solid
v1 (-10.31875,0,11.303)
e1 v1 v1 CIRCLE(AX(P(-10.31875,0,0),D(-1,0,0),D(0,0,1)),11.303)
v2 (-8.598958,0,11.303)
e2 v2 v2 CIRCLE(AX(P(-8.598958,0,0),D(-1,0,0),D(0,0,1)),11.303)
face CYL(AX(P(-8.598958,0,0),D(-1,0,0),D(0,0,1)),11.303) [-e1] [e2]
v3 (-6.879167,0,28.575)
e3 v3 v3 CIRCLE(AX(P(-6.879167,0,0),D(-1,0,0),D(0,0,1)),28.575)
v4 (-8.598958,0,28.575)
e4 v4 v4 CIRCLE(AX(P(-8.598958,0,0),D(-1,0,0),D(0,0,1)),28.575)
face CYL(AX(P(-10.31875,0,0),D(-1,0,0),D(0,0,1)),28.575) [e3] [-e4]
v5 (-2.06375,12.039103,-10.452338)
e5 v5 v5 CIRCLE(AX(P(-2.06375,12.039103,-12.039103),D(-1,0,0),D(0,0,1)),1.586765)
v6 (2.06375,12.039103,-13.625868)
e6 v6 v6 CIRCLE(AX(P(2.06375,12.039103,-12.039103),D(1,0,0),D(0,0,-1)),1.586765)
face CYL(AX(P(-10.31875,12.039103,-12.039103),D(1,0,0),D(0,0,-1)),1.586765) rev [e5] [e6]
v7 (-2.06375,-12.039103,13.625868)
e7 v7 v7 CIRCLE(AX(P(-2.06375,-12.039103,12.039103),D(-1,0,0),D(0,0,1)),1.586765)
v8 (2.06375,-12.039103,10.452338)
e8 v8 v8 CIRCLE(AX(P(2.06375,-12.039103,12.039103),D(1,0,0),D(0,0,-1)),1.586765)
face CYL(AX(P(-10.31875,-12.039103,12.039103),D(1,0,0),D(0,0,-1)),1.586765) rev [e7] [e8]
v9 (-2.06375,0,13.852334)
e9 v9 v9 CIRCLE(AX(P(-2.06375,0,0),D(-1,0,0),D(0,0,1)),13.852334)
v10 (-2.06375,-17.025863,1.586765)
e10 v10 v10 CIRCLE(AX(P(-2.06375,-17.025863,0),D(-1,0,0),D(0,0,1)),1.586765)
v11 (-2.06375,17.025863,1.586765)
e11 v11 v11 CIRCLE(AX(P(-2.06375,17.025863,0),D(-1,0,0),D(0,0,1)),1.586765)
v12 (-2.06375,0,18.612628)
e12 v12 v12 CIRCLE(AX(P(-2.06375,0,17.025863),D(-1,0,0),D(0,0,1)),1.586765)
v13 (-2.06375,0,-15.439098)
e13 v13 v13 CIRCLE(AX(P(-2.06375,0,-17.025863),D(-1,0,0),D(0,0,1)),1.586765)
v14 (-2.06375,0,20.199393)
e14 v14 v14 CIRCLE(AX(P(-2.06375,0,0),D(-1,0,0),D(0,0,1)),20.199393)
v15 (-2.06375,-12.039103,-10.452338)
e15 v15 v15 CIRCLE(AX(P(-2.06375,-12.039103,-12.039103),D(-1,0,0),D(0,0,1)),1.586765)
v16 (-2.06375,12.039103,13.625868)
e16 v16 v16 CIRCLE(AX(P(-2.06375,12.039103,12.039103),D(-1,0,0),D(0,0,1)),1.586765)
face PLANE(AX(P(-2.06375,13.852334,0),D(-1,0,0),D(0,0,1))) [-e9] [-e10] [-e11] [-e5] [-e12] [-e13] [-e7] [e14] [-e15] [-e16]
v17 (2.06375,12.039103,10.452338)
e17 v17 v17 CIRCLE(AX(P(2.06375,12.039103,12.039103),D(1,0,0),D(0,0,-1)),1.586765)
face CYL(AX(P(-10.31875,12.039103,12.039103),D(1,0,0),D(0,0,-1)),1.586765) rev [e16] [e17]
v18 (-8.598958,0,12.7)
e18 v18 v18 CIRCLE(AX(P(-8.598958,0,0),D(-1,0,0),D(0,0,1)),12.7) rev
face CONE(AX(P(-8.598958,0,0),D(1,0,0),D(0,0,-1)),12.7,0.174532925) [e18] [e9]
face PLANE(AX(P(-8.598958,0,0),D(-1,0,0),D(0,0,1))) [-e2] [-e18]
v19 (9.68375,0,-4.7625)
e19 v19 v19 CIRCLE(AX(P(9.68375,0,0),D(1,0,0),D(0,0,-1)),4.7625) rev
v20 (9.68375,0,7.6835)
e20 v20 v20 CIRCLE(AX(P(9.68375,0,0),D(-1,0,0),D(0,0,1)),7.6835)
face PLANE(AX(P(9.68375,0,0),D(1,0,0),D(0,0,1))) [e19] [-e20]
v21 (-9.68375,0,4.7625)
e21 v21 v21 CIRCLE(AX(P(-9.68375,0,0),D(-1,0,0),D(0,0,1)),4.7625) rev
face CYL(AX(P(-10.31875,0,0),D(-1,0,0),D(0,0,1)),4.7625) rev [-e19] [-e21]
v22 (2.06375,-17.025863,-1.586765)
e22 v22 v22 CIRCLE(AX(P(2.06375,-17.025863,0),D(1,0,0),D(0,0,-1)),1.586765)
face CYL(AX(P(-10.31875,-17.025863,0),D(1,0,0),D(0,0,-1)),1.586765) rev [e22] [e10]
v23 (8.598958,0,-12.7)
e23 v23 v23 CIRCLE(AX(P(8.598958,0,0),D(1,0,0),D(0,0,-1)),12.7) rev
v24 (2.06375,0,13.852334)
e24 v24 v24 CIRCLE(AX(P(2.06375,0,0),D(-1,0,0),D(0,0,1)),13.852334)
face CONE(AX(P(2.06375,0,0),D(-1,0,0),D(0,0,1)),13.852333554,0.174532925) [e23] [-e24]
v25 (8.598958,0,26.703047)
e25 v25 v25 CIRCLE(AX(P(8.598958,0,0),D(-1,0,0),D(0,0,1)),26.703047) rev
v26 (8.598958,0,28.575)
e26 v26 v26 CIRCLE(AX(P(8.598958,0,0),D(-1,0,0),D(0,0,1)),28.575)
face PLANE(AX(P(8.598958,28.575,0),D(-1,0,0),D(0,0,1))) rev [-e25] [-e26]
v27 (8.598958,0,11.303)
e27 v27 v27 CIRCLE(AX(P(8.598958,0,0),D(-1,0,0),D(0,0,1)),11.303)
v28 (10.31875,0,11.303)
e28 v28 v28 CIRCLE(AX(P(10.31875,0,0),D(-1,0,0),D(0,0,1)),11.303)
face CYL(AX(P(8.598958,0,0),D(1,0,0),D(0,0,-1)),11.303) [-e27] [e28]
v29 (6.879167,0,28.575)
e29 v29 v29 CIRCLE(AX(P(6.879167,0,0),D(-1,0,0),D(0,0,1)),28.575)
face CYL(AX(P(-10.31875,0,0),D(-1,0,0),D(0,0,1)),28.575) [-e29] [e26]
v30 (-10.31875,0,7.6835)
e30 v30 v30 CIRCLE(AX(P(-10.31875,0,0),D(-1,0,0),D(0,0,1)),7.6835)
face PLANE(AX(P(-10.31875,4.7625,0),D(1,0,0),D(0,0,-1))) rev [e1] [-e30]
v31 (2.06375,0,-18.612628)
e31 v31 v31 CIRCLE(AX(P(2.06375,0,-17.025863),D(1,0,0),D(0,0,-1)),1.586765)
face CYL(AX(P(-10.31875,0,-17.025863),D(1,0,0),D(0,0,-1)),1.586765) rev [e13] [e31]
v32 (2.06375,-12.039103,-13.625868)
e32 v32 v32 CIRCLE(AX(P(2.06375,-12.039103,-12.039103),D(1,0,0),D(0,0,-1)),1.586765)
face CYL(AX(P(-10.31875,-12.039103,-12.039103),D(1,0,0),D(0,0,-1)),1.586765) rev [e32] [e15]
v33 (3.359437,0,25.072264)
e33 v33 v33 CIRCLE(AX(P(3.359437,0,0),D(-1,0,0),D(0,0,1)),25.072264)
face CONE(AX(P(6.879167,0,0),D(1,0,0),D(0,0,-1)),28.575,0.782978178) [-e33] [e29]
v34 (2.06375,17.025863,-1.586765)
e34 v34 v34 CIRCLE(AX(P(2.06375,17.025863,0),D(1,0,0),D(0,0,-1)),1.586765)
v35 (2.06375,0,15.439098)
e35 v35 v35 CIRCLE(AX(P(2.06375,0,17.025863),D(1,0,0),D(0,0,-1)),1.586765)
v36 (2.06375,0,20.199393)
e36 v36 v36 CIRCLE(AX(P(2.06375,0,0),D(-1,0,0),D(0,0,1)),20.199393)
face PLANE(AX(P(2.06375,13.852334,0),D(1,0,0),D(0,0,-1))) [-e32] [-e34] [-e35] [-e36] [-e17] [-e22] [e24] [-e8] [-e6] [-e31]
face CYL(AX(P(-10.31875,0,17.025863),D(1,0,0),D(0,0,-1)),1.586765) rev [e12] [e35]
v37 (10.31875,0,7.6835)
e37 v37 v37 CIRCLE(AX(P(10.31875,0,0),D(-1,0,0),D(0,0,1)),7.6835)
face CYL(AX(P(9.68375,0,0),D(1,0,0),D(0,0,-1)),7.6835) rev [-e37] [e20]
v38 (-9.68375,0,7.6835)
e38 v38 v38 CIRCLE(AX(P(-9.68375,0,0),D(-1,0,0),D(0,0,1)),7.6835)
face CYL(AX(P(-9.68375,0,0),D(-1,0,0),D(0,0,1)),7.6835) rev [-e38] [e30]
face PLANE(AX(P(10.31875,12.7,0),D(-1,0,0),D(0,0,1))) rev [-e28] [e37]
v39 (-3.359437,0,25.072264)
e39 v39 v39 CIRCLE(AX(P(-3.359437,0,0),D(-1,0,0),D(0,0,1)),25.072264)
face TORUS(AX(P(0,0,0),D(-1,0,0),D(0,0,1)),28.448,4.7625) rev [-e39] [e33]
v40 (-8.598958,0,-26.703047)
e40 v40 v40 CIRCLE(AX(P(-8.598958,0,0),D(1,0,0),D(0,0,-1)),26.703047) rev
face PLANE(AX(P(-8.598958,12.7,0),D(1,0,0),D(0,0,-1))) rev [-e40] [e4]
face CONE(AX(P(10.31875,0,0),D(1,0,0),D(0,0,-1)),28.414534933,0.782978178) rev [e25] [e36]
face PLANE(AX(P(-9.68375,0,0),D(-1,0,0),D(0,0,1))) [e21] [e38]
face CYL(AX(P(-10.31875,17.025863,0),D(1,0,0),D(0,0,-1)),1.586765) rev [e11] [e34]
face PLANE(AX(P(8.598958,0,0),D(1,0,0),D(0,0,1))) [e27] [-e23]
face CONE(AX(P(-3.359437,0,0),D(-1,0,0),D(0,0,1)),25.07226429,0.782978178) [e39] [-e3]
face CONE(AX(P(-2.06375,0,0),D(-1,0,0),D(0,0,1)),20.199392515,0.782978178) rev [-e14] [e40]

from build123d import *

# Parameters (mm, degrees)
SKETCH3_R          = 1.58676474
CUT_EXTRUDE1_DEPTH = 42.707767281
CIRPATTERN1_COUNT  = 8
SKETCH4_R          = 14.605
SKETCH4_R_2        = 11.303
CUT_EXTRUDE2_DEPTH = 1.719791667
SKETCH5_R          = 7.6835
CUT_EXTRUDE3_DEPTH = 0.635


with BuildPart() as part:
    # Sketch1 → Revolve1 (revolve)
    with BuildSketch(Plane.XY, mode=Mode.PRIVATE) as revolve1_sk:
        with BuildLine():
            Line((6.879166667, 28.575), (8.598958333, 28.575))
            Line((8.598958333, 28.575), (8.598958333, 12.7))
            Line((8.598958333, 12.7), (10.31875, 12.7))
            Line((10.31875, 12.7), (10.31875, 4.7625))
            Line((10.31875, 4.7625), (-10.31875, 4.7625))
            Line((-10.31875, 4.7625), (-10.31875, 12.7))
            Line((-10.31875, 12.7), (-8.598958333, 12.7))
            Line((-8.598958333, 12.7), (-8.598958333, 28.575))
            Line((-8.598958333, 28.575), (-6.879166667, 28.575))
            Line((-6.879166667, 28.575), (-3.359436659, 25.07226429))
            ThreePointArc((-3.359436659, 25.07226429), (0, 23.6855), (3.359436659, 25.07226429))
            Line((3.359436659, 25.07226429), (6.879166667, 28.575))
        make_face()
    revolve(revolve1_sk.sketch.rotate(Axis((-10.31875, 0, 0), (1, 0, 0)), 90), axis=Axis((-10.31875, 0, 0), (1, 0, 0)))

    # Sketch2 → Cut-Revolve1 (revolve, cut)
    with BuildSketch(Plane.XY, mode=Mode.PRIVATE) as cut_revolve1_sk:
        Polygon((-10.31875, 12.7), (-8.598958333, 12.7), (-2.06375, 13.852333554), (-2.06375, 20.199392515), (-10.31875, 28.414534933), align=None)
        Polygon((10.31875, 12.7), (10.31875, 28.414534933), (2.06375, 20.199392515), (2.06375, 13.852333554), (8.598958333, 12.7), align=None)
    revolve(cut_revolve1_sk.sketch.rotate(Axis((-10.31875, 0, 0), (1, 0, 0)), 90), axis=Axis((-10.31875, 0, 0), (1, 0, 0)), mode=Mode.SUBTRACT)

    # Sketch3 → Cut-Extrude1 (cut, symmetric)
    with BuildSketch(Plane(origin=(0, 0, 0), x_dir=(0, 0, -1), z_dir=(1, 0, 0))):
        with Locations((0, 17.025863034)):
            Circle(SKETCH3_R)
    cut_extrude1 = extrude(amount=CUT_EXTRUDE1_DEPTH, both=True, mode=Mode.SUBTRACT)

    # CirPattern1: Cut-Extrude1 ×8 about axis
    cirpattern1_axis = Axis((0, 0, 0), (1, 0, 0))
    for i in range(1, CIRPATTERN1_COUNT):
        add(cut_extrude1.rotate(cirpattern1_axis, i * 360 / CIRPATTERN1_COUNT), mode=Mode.SUBTRACT)

    # Sketch4 → Cut-Extrude2 (cut)
    with BuildSketch(Plane.ZY.offset(10.31875)):
        Circle(SKETCH4_R)
        Circle(SKETCH4_R_2, mode=Mode.SUBTRACT)
    cut_extrude2 = extrude(amount=-CUT_EXTRUDE2_DEPTH, mode=Mode.SUBTRACT)

    # Sketch5 → Cut-Extrude3 (cut)
    with BuildSketch(Plane.ZY.offset(10.31875)):
        Circle(SKETCH5_R)
    cut_extrude3 = extrude(amount=-CUT_EXTRUDE3_DEPTH, mode=Mode.SUBTRACT)

    # Mirror1: Cut-Extrude2, Cut-Extrude3 across plane
    add(cut_extrude2.mirror(Plane(origin=(0, 0, 0), x_dir=(0, 0, 1), z_dir=(1, 0, 0))), mode=Mode.SUBTRACT)
    add(cut_extrude3.mirror(Plane(origin=(0, 0, 0), x_dir=(0, 0, 1), z_dir=(1, 0, 0))), mode=Mode.SUBTRACT)


solid = part.part
